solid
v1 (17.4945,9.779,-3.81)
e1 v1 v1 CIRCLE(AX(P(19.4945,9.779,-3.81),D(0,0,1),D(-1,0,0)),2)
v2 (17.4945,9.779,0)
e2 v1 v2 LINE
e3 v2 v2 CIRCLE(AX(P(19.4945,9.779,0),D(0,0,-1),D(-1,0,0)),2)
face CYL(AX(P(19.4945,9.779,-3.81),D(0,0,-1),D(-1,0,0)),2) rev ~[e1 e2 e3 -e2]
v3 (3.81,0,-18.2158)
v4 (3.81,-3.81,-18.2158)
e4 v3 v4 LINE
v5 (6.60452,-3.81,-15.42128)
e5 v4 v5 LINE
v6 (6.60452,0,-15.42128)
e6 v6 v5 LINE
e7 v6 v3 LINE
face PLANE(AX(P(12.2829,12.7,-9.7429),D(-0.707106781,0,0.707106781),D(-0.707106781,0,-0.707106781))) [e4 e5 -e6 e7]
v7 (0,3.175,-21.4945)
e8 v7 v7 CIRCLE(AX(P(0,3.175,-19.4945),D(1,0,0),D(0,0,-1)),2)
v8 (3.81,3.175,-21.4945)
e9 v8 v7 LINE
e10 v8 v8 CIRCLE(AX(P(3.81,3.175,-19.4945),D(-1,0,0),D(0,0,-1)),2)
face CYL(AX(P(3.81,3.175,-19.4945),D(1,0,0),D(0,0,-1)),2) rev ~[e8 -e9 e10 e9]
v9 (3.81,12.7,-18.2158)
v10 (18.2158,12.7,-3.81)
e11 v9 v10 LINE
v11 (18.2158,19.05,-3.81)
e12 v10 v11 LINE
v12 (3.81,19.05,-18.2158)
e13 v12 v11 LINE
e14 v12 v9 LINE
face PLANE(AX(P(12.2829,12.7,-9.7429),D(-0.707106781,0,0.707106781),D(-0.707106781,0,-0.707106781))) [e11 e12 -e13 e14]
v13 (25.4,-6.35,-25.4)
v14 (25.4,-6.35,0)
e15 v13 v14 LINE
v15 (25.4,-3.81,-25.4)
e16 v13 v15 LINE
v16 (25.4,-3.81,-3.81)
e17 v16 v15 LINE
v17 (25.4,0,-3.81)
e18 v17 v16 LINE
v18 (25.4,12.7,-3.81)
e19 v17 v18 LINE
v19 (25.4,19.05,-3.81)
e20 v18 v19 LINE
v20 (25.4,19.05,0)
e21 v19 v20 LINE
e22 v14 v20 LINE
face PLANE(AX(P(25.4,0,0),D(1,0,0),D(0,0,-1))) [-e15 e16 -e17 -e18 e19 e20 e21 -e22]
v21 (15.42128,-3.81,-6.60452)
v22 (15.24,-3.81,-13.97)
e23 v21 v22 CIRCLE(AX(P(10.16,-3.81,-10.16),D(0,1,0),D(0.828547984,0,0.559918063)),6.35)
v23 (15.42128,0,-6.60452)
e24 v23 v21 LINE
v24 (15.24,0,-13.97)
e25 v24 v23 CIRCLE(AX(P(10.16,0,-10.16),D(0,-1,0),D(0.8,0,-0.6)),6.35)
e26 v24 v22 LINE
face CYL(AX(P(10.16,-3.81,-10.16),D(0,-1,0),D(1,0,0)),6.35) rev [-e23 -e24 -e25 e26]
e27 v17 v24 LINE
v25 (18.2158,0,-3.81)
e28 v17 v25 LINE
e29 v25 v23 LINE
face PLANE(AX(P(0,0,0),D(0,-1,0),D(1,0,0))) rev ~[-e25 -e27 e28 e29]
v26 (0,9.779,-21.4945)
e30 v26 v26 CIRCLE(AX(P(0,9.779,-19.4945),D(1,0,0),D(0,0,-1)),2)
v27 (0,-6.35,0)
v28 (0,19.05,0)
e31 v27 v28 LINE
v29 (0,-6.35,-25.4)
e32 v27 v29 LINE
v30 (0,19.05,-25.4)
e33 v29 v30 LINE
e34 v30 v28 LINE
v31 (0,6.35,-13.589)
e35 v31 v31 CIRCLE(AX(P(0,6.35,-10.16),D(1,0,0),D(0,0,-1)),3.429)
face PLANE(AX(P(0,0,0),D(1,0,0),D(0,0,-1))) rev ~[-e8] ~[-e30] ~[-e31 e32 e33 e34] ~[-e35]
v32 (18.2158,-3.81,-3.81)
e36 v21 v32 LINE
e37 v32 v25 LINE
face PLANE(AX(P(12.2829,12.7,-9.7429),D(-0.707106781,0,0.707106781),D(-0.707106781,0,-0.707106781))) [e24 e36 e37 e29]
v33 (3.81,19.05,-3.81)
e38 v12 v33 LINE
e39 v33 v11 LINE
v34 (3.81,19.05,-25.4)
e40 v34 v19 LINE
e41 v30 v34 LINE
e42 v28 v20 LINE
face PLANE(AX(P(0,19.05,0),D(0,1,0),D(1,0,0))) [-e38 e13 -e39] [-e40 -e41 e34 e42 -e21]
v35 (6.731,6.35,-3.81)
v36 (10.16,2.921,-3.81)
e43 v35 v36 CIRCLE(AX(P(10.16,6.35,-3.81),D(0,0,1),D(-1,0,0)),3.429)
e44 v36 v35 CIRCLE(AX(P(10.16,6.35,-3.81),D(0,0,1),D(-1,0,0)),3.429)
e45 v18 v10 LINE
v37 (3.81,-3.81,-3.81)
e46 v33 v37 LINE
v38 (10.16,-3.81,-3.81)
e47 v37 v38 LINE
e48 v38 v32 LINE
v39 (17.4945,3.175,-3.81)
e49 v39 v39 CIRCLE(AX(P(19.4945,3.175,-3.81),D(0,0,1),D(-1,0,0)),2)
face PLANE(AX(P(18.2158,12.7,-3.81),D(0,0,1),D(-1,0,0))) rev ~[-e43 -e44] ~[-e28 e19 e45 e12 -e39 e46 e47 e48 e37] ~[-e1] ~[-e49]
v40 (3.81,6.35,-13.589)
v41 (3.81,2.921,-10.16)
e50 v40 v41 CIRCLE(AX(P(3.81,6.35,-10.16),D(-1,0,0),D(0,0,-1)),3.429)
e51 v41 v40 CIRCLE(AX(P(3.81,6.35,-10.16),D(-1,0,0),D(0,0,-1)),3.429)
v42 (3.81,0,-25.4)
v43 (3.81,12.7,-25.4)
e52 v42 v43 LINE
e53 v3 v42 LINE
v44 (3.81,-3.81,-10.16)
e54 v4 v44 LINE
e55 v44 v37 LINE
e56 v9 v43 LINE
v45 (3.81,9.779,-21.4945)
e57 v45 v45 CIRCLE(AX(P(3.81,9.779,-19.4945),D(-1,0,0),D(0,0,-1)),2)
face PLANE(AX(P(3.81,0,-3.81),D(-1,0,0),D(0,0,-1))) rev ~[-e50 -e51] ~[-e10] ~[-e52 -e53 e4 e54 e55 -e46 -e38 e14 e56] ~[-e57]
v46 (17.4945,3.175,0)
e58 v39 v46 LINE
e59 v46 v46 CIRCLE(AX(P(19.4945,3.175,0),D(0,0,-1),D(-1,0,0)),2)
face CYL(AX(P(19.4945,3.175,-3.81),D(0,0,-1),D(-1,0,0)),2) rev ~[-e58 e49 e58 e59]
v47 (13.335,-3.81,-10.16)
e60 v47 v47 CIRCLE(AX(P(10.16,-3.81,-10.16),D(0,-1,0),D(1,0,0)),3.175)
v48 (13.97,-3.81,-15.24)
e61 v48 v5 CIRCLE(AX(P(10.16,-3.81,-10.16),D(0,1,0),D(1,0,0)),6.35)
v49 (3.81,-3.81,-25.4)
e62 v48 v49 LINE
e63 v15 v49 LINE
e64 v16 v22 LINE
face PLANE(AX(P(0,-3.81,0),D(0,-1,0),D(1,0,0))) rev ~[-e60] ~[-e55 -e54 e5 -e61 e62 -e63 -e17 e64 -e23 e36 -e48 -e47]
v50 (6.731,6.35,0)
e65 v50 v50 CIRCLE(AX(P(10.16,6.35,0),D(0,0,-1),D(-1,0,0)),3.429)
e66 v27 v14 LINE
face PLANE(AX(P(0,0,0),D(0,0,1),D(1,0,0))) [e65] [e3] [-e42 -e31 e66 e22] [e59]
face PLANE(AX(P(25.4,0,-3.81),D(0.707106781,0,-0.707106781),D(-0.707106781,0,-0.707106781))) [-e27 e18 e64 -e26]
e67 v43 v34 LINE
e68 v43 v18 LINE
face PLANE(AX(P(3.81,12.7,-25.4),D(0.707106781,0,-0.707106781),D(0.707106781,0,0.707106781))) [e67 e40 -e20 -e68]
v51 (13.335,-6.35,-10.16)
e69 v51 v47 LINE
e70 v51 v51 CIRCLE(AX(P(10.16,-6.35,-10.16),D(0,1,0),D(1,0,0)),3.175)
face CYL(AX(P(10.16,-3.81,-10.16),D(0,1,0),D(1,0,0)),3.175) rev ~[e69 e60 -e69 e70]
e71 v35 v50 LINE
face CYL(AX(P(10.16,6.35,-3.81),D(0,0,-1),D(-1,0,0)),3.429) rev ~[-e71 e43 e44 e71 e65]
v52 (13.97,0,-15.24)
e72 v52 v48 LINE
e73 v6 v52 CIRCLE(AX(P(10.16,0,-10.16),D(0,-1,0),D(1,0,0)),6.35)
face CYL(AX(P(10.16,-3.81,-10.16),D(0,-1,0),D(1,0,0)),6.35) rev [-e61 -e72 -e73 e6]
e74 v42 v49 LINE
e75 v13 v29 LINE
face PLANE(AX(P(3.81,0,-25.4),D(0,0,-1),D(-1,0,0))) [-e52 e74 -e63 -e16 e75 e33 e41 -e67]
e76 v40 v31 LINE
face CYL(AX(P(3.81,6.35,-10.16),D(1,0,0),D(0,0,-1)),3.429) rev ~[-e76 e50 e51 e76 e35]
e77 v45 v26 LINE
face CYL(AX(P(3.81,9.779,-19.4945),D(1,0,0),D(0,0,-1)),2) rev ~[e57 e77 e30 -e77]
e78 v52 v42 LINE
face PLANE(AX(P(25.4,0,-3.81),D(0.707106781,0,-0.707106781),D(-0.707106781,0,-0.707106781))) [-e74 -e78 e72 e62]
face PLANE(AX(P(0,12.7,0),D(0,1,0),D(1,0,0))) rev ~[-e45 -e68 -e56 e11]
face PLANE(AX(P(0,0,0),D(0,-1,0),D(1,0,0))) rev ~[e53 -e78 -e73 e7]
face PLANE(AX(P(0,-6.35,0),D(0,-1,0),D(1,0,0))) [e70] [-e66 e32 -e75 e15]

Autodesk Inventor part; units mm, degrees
ref_plane "YZ Plane" through (0, 0, 0) normal (1, 0, 0) x (0, 1, 0)
ref_plane "XZ Plane" through (0, 0, 0) normal (0, 1, 0) x (-1, 0, 0)
ref_plane "XY Plane" through (0, 0, 0) normal (0, 0, 1) x (1, 0, 0)
sketch "Sketch1" plane through (0, 0, 0) normal (0, 1, 0) x (-1, 0, 0)
  line L0 (0, 0) -> (-25.4, 0)
  line L1 (-25.4, 0) -> (-25.4, -3.81)
  line L2 (-25.4, -3.81) -> (0, -3.81)
  line L3 (0, -3.81) -> (0, 0)
  line L4 (0, 0) -> (-3.81, 0)
  line L5 (-3.81, 0) -> (-3.81, -25.4)
  line L6 (-3.81, -25.4) -> (0, -25.4)
  line L7 (0, -25.4) -> (0, 0)
  point P0 (-3.81, -3.81)
  dimension "d0" = 25.4
  dimension "d1" = 3.81
  dimension "d2" = 3.81
  dimension "d3" = 25.4
extrude "Extrusion1" add sketch "Sketch1" along normal blind 12.7
sketch "Sketch2" plane through (0, 12.7, 0) normal (0, 1, 0) x (1, 0, 0)
  line L0 (3.81, 3.81) -> (3.81, 25.4) projected
  line L1 (25.4, 3.81) -> (3.81, 3.81) projected
  line L2 (3.81, 25.4) -> (25.4, 3.81)
  line L3 (0, 0) -> (25.4, 0) projected
  line L4 (25.4, 3.81) -> (25.4, 0)
  line L5 (0, 25.4) -> (0, 0) projected
  line L6 (25.4, 0) -> (0, 0)
  line L7 (0, 0) -> (0, 25.4)
  line L8 (0, 25.4) -> (3.81, 25.4)
extrude "Extrusion2" add sketch "Sketch2" along normal blind 6.35
sketch "Sketch3" plane through (0, 0, 0) normal (0, -1, 0) x (1, 0, 0)
  line L0 (3.81, -25.4) -> (0, -25.4) projected
  line L1 (0, -25.4) -> (3.81, -25.4)
  line L2 (25.4, -3.81) -> (3.81, -25.4) projected
  line L3 (3.81, -25.4) -> (25.4, -3.81)
  line L4 (25.4, 0) -> (25.4, -3.81) projected
  line L5 (25.4, -3.81) -> (25.4, 0)
  line L6 (0, 0) -> (25.4, 0) projected
  line L7 (25.4, 0) -> (0, 0)
  line L8 (0, 0) -> (0, -25.4)
extrude "Extrusion3" add sketch "Sketch3" along normal blind 6.35
sketch "Sketch4" plane through (0, 12.7, 0) normal (0, -1, 0) x (1, 0, 0)
  line L0 (3.81, -25.4) -> (25.4, -3.81) projected
  line L1 (15.875, -13.335) -> (12.2829, -9.7429)
  line L2 (12.2829, -9.7429) -> (3.81, -18.2158)
  line L3 (3.81, -3.81) -> (3.81, -25.4) projected
  line L4 (25.4, -3.81) -> (3.81, -3.81) projected
  line L5 (3.81, -18.2158) -> (3.81, -3.81)
  line L6 (3.81, -3.81) -> (18.2158, -3.81)
  line L7 (12.2829, -9.7429) -> (18.2158, -3.81)
  dimension "d10" = 5.08
extrude "Extrusion4" cut sketch "Sketch4" against normal mid plane 50.8 contours L3 L4 L7 L2
sketch "Sketch5" plane through (3.81, -6.35, -3.81) normal (1, 0, 0) x (0, 0, -1)
  line L0 (0, 6.35) -> (0, 19.05) projected
  line L1 (0, 12.7) -> (21.59, 12.7)
  line L2 (21.59, 6.35) -> (21.59, 19.05) projected
  circle A0 centre (6.35, 12.7) radius 3.429
  circle A1 centre (15.6845, 16.129) radius 2
  circle A2 centre (15.6845, 9.525) radius 2
  line L3 (9.779, 12.7) -> (21.59, 12.7)
  line L4 (15.6845, 12.7) -> (15.6845, 6.35)
  line L5 (14.4058, 6.35) -> (21.59, 6.35) projected
  line L6 (15.6845, 12.7) -> (15.6845, 19.05)
  line L7 (14.4058, 19.05) -> (21.59, 19.05) projected
  circle A3 centre (6.35, 12.9362) radius 6.35
  dimension "d13" = 6.858
  dimension "d16" = 4
  dimension "d17" = 4
  dimension "d18" = 12.7
extrude "Extrusion5" cut sketch "Sketch5" against normal blind 12.7 contours A0 L1 | L1 A0 | L4 A2 | A2 L4 | L6 A1 | A1 L6
sketch "Sketch6" plane through (3.81, -6.35, -3.81) normal (0, 0, -1) x (-1, 0, 0)
  line L0 (0, 6.35) -> (0, 19.05)
  line L1 (0, 12.7) -> (21.59, 12.7)
  line L2 (21.59, 6.35) -> (21.59, 19.05)
  circle A0 centre (6.35, 12.7) radius 3.429
  circle A1 centre (15.6845, 16.129) radius 2
  circle A2 centre (15.6845, 9.525) radius 2
  line L3 (9.779, 12.7) -> (21.59, 12.7)
  line L4 (15.6845, 12.7) -> (15.6845, 6.35)
  line L5 (14.4058, 6.35) -> (21.59, 6.35)
  line L6 (15.6845, 12.7) -> (15.6845, 19.05)
  line L7 (14.4058, 19.05) -> (21.59, 19.05)
  circle A3 centre (6.35, 12.9362) radius 6.35
  line L8 (-15.6845, 12.7) -> (-15.6845, 6.35)
  circle A4 centre (-15.6845, 9.525) radius 2
  line L9 (-15.6845, 12.7) -> (-15.6845, 19.05)
  line L10 (-9.779, 12.7) -> (-21.59, 12.7)
  circle A5 centre (-15.6845, 16.129) radius 2
  line L11 (-14.4058, 6.35) -> (-21.59, 6.35)
  line L12 (-21.59, 6.35) -> (-21.59, 19.05)
  line L13 (-14.4058, 19.05) -> (-21.59, 19.05)
  line L14 (0, 12.7) -> (-21.59, 12.7)
  circle A6 centre (-6.35, 12.7) radius 3.429
  circle A7 centre (-6.35, 12.9362) radius 6.35
  dimension "d19" = 6.858
  dimension "d20" = 4
  dimension "d21" = 4
  dimension "d22" = 12.7
extrude "Extrusion6" cut sketch "Sketch6" against normal blind 12.7 contours A6 L14 | L14 A6 | A4 L8 | L8 A4 | A5 L9 | L9 A5
sketch "Sketch7" plane through (0, -6.35, 0) normal (0, -1, 0) x (1, 0, 0)
  line L0 (25.4, 0) -> (0, 0) projected
  line L1 (0, 0) -> (25.4, 0)
  line L2 (25.4, 0) -> (25.4, -25.4)
  line L3 (25.4, -25.4) -> (0, -25.4)
  line L4 (0, -25.4) -> (0, 0)
  dimension "d25" = 25.4
  dimension "d26" = 25.4
extrude "Extrusion7" add sketch "Sketch7" against normal blind 2.54
sketch "Sketch8" plane through (0, -3.81, 0) normal (0, 1, 0) x (1, 0, 0)
  circle A0 centre (10.16, 10.16) radius 6.35
  circle A1 centre (10.16, 10.16) radius 3.175
  line L0 (18.2158, 3.81) -> (3.81, 3.81) projected
  line L1 (3.81, 3.81) -> (3.81, 18.2158) projected
  dimension "d29" = 12.7
  dimension "d30" = 6.35
extrude "Extrusion8" cut sketch "Sketch8" against normal mid plane 10.16 contours A1
extrude "Extrusion9" cut sketch "Sketch8" along normal blind 10.16 contours A0
equation "\"d2\" = d1"
properties part number "panel connector" material "PC/ABS Plastic"
